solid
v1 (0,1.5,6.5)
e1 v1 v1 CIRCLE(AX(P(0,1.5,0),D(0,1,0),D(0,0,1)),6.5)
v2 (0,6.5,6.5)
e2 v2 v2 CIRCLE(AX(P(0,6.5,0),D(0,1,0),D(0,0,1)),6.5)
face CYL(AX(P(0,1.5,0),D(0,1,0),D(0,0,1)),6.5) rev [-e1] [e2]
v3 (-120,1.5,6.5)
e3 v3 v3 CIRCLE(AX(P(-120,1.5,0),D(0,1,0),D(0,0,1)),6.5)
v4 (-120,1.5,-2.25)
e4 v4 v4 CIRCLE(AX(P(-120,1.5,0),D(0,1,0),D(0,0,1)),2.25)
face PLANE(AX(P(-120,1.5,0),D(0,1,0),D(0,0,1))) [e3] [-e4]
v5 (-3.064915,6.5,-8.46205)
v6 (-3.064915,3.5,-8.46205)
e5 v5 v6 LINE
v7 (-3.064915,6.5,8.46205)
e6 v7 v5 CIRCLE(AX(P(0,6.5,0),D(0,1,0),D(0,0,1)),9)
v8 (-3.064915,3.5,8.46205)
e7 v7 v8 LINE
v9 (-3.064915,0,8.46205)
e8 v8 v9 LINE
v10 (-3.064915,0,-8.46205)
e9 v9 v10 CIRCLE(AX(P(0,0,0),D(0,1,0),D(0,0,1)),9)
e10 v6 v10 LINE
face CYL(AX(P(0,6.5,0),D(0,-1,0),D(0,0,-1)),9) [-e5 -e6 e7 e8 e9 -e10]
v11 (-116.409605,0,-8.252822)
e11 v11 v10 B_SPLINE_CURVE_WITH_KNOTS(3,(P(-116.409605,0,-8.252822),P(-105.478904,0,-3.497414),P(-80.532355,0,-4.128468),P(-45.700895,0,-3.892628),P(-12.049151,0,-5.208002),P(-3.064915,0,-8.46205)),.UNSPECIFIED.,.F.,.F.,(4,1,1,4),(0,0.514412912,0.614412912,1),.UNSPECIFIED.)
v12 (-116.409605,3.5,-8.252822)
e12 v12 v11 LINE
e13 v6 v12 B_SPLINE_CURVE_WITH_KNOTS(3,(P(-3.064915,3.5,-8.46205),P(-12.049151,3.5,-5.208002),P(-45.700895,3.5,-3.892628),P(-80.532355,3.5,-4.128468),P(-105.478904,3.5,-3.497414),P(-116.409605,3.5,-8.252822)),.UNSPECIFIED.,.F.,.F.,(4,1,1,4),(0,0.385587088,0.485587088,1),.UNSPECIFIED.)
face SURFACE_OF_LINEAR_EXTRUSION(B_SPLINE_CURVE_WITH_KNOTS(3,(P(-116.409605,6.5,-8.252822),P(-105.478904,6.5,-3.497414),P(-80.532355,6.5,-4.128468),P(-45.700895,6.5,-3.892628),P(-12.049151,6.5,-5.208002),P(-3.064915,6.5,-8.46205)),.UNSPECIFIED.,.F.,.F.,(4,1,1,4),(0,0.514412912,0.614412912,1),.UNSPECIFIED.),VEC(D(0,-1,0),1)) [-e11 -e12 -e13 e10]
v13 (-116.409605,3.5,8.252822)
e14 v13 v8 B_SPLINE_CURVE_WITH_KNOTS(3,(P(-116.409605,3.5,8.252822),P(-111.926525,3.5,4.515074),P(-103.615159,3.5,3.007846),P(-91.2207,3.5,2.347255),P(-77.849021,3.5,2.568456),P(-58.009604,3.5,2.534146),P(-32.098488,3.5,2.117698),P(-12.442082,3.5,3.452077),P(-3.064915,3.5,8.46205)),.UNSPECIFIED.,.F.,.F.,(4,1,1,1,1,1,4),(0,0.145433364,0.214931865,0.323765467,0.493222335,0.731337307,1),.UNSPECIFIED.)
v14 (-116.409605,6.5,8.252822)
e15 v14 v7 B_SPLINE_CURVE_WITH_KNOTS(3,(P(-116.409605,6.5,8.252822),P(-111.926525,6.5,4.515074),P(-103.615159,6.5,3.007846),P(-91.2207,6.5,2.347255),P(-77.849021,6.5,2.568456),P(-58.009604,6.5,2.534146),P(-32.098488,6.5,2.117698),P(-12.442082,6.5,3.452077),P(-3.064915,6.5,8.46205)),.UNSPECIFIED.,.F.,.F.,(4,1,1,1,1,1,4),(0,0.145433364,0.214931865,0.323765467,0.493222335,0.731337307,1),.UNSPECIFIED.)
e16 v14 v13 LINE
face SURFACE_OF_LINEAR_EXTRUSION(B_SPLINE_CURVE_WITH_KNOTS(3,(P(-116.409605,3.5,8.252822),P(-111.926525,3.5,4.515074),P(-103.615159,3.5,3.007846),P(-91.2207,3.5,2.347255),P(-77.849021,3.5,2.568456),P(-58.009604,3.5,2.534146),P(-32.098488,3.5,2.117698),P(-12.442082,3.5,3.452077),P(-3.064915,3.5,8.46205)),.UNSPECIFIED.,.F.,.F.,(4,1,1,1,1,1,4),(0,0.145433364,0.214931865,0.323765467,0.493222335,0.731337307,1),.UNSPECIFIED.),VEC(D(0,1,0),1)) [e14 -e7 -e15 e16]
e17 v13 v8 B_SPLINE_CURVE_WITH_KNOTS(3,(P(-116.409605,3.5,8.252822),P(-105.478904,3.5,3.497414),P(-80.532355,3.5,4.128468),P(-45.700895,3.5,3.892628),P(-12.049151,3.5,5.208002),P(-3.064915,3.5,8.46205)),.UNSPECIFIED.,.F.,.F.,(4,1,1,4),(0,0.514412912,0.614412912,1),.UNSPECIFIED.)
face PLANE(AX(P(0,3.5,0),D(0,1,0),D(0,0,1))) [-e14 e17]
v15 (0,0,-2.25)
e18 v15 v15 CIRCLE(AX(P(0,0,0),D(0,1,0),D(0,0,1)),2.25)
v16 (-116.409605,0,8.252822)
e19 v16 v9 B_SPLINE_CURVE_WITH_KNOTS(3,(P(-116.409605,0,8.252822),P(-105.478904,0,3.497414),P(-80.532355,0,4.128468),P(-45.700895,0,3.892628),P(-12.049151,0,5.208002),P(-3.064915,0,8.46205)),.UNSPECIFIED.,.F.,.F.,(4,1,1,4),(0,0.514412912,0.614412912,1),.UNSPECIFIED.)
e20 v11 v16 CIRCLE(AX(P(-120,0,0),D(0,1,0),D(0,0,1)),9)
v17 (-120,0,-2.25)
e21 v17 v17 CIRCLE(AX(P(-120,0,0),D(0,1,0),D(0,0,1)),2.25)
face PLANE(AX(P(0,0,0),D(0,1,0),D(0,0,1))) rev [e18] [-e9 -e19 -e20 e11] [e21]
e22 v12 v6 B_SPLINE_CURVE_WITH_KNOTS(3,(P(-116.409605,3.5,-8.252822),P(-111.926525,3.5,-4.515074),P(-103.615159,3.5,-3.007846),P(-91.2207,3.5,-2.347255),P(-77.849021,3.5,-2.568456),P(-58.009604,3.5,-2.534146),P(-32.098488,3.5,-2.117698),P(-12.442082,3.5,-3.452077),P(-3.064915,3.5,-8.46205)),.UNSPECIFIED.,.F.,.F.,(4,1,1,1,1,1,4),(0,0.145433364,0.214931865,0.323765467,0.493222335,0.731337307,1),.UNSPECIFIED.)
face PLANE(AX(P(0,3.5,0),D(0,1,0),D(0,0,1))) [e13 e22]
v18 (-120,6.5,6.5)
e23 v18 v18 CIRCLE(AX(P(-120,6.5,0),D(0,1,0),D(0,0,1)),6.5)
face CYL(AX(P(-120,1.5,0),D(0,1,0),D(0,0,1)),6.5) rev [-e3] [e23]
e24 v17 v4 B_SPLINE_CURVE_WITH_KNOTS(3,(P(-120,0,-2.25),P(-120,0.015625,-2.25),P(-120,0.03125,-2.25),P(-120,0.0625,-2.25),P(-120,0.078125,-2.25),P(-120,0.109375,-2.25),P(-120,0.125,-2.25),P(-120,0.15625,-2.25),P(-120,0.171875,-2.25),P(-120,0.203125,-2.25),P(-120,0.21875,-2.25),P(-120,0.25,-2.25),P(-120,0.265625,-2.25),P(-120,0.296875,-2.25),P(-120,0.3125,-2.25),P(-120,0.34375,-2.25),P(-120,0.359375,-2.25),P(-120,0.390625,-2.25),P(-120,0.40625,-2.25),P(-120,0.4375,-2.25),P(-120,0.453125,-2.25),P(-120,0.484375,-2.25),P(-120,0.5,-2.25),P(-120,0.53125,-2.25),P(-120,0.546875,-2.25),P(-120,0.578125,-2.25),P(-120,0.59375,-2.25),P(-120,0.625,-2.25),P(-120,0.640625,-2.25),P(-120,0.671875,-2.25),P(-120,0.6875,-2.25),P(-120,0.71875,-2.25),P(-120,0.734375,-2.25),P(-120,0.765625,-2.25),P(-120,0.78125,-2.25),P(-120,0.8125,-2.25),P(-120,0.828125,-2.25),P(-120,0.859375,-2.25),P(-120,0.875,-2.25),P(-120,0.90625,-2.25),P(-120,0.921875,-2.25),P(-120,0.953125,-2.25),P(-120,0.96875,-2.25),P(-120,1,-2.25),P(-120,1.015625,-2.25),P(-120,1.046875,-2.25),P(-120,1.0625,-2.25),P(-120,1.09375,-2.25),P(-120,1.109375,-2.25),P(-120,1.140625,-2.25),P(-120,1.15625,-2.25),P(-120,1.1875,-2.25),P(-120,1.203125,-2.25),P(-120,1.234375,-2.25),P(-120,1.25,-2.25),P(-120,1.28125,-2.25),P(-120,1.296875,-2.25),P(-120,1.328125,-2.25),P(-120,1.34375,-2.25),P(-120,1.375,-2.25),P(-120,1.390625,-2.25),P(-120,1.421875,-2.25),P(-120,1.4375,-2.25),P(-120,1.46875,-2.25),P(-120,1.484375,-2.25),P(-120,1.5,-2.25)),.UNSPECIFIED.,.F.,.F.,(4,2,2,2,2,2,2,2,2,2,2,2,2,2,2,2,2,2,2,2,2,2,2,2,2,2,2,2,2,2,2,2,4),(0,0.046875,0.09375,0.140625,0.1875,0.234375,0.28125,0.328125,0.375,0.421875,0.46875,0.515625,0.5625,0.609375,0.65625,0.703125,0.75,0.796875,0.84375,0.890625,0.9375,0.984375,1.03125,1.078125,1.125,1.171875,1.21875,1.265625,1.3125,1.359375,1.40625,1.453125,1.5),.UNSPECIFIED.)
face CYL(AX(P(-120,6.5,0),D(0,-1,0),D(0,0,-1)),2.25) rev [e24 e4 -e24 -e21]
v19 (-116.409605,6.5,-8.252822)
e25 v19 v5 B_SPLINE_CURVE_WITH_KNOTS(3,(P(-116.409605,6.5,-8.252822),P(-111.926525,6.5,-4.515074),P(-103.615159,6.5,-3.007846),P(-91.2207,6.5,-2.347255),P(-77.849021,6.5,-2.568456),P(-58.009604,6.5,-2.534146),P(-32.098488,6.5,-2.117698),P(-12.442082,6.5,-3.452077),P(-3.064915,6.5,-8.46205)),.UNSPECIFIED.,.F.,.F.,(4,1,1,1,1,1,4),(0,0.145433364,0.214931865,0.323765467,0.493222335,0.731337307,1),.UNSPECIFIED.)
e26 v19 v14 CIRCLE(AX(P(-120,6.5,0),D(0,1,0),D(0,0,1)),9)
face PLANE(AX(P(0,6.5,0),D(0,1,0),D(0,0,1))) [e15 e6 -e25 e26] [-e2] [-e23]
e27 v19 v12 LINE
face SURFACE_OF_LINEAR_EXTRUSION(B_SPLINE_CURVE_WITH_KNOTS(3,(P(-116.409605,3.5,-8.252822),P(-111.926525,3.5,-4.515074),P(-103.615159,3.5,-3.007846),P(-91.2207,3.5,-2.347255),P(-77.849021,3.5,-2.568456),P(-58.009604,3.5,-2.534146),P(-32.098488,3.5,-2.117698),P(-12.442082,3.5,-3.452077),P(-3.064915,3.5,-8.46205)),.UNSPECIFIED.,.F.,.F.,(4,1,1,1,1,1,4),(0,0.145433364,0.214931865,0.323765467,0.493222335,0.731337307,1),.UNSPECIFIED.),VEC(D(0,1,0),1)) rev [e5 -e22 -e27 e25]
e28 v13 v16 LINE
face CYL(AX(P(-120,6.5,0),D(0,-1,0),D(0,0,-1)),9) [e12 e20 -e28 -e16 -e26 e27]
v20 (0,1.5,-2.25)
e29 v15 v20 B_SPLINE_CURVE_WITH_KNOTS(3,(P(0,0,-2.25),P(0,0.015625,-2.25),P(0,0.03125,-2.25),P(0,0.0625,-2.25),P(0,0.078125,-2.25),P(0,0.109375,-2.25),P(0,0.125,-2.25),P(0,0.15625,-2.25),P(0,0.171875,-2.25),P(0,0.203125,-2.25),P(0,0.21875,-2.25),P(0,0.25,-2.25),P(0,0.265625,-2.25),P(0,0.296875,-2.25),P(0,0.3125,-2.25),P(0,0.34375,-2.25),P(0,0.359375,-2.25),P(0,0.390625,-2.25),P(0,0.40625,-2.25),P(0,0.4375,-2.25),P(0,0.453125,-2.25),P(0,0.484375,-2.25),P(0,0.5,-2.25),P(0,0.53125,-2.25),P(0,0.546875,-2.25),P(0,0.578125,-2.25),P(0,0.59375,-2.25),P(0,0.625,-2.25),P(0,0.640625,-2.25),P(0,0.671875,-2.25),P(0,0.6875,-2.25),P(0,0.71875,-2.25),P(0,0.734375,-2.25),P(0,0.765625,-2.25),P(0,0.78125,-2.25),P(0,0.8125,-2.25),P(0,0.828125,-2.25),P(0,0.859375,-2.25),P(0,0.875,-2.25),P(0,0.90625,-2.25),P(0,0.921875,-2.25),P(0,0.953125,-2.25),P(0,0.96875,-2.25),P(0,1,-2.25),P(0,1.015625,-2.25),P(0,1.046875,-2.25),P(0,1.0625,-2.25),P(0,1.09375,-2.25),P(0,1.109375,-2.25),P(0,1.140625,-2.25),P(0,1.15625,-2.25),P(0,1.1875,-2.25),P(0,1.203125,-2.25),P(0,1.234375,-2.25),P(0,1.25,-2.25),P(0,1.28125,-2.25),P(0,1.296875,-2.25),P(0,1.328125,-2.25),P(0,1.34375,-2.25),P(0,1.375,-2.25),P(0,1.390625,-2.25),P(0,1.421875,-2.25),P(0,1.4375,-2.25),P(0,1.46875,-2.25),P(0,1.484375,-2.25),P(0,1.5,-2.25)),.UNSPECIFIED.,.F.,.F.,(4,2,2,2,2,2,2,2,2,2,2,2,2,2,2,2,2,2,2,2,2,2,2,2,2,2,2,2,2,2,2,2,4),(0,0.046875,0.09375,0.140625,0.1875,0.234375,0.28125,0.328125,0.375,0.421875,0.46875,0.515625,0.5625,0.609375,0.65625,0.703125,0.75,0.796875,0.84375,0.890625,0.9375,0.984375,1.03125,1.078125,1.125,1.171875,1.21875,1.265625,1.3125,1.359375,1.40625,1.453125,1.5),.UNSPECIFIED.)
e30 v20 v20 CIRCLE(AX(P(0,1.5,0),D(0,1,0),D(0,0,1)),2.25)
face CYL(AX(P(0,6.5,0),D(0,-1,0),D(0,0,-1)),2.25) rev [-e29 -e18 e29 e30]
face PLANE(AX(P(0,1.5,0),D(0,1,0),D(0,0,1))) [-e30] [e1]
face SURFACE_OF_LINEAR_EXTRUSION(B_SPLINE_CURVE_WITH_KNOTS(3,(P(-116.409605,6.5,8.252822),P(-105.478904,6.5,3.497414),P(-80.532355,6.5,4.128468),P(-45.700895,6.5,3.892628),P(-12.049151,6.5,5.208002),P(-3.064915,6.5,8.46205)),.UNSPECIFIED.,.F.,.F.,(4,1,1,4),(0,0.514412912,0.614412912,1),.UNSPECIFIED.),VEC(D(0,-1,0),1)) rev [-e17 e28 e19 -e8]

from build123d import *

# Parameters (mm, degrees)
SKETCH1_R           = 9
SKETCH1_R_2         = 2.25
BOSS_EXTRUDE1_DEPTH = 6.5
SKETCH2_R           = 6.5
CUT_EXTRUDE1_DEPTH  = 5
CUT_EXTRUDE2_DEPTH  = 3


with BuildPart() as part:
    # Sketch1 → Boss-Extrude1 (new body)
    # profile 1 of 3: a face of its own
    with BuildSketch(Plane(origin=(0, 0, 0), x_dir=(1, 0, 0), z_dir=(0, 1, 0))):
        with Locations((-120, 0)):
            Circle(SKETCH1_R)
        with Locations(Location((-120, 0, 0), (0, 0, 90))):
            Circle(SKETCH1_R_2, mode=Mode.SUBTRACT)
    # profile 2 of 3: a face of its own
    with BuildSketch(Plane(origin=(0, 0, 0), x_dir=(1, 0, 0), z_dir=(0, 1, 0))):
        with BuildLine():
            ThreePointArc((-116.409605108, 8.252821609), (-112.472930383, 4.933885182), (-111, 0))
            ThreePointArc((-111, 0), (-112.472930383, -4.933885182), (-116.409605108, -8.252821609))
            add(Edge.make_bspline(
                [(-116.409605108, -8.252821609), (-105.478903695, -3.497413535), (-80.532354503, -4.12846793), (-45.700894509, -3.892627812), (-12.04915124, -5.208001503), (-3.064915464, -8.462050177)],
                knots=[0, 0, 0, 0, 0.514412912, 0.614412912, 1, 1, 1, 1], degree=3))
            ThreePointArc((-3.064915464, -8.462050177), (-9, 0), (-3.064915464, 8.462050177))
            add(Edge.make_bspline(
                [(-116.409605108, 8.252821609), (-105.478903695, 3.497413535), (-80.532354503, 4.12846793), (-45.700894509, 3.892627812), (-12.04915124, 5.208001503), (-3.064915464, 8.462050177)],
                knots=[0, 0, 0, 0, 0.514412912, 0.614412912, 1, 1, 1, 1], degree=3))
        make_face()
    # profile 3 of 3: a face of its own
    with BuildSketch(Plane(origin=(0, 0, 0), x_dir=(1, 0, 0), z_dir=(0, 1, 0))):
        Circle(SKETCH1_R)
        with Locations(Location((0, 0, 0), (0, 0, 90))):
            Circle(SKETCH1_R_2, mode=Mode.SUBTRACT)
    extrude(amount=BOSS_EXTRUDE1_DEPTH)

    # Sketch2 → Cut-Extrude1 (cut)
    with BuildSketch(Plane(origin=(0, 6.5, 0), x_dir=(1, 0, 0), z_dir=(0, 1, 0))):
        with Locations(Location((-120, 0, 0), (0, 0, 270))):
            Circle(SKETCH2_R)
        with Locations(Location((0, 0, 0), (0, 0, 270))):
            Circle(SKETCH2_R)
    extrude(amount=-CUT_EXTRUDE1_DEPTH, mode=Mode.SUBTRACT)

    # Sketch3 → Cut-Extrude2 (cut)
    with BuildSketch(Plane(origin=(0, 6.5, 0), x_dir=(1, 0, 0), z_dir=(0, 1, 0))):
        with BuildLine():
            add(Edge.make_bspline(
                [(-116.409605108, -8.252821609), (-111.926525136, -4.515073542), (-103.615159098, -3.007845736), (-91.22070001, -2.347255299), (-77.849021373, -2.568456126), (-58.009603755, -2.53414615), (-32.098488239, -2.117697646), (-12.442081893, -3.452077228), (-3.064915464, -8.462050177)],
                knots=[0, 0, 0, 0, 0.145433364, 0.214931865, 0.323765467, 0.493222335, 0.731337307, 1, 1, 1, 1], degree=3))
            add(Edge.make_bspline(
                [(-116.409605108, -8.252821609), (-105.478903695, -3.497413535), (-80.532354503, -4.12846793), (-45.700894509, -3.892627812), (-12.04915124, -5.208001503), (-3.064915464, -8.462050177)],
                knots=[0, 0, 0, 0, 0.514412912, 0.614412912, 1, 1, 1, 1], degree=3))
        make_face()
        with BuildLine():
            add(Edge.make_bspline(
                [(-116.409605108, 8.252821609), (-111.926525136, 4.515073542), (-103.615159098, 3.007845736), (-91.22070001, 2.347255299), (-77.849021373, 2.568456126), (-58.009603755, 2.53414615), (-32.098488239, 2.117697646), (-12.442081893, 3.452077228), (-3.064915464, 8.462050177)],
                knots=[0, 0, 0, 0, 0.145433364, 0.214931865, 0.323765467, 0.493222335, 0.731337307, 1, 1, 1, 1], degree=3))
            add(Edge.make_bspline(
                [(-3.064915464, 8.462050177), (-12.04915124, 5.208001503), (-45.700894509, 3.892627812), (-80.532354503, 4.12846793), (-105.478903695, 3.497413535), (-116.409605108, 8.252821609)],
                knots=[0, 0, 0, 0, 0.385587088, 0.485587088, 1, 1, 1, 1], degree=3))
        make_face()
    extrude(amount=-CUT_EXTRUDE2_DEPTH, mode=Mode.SUBTRACT)


solid = part.part
